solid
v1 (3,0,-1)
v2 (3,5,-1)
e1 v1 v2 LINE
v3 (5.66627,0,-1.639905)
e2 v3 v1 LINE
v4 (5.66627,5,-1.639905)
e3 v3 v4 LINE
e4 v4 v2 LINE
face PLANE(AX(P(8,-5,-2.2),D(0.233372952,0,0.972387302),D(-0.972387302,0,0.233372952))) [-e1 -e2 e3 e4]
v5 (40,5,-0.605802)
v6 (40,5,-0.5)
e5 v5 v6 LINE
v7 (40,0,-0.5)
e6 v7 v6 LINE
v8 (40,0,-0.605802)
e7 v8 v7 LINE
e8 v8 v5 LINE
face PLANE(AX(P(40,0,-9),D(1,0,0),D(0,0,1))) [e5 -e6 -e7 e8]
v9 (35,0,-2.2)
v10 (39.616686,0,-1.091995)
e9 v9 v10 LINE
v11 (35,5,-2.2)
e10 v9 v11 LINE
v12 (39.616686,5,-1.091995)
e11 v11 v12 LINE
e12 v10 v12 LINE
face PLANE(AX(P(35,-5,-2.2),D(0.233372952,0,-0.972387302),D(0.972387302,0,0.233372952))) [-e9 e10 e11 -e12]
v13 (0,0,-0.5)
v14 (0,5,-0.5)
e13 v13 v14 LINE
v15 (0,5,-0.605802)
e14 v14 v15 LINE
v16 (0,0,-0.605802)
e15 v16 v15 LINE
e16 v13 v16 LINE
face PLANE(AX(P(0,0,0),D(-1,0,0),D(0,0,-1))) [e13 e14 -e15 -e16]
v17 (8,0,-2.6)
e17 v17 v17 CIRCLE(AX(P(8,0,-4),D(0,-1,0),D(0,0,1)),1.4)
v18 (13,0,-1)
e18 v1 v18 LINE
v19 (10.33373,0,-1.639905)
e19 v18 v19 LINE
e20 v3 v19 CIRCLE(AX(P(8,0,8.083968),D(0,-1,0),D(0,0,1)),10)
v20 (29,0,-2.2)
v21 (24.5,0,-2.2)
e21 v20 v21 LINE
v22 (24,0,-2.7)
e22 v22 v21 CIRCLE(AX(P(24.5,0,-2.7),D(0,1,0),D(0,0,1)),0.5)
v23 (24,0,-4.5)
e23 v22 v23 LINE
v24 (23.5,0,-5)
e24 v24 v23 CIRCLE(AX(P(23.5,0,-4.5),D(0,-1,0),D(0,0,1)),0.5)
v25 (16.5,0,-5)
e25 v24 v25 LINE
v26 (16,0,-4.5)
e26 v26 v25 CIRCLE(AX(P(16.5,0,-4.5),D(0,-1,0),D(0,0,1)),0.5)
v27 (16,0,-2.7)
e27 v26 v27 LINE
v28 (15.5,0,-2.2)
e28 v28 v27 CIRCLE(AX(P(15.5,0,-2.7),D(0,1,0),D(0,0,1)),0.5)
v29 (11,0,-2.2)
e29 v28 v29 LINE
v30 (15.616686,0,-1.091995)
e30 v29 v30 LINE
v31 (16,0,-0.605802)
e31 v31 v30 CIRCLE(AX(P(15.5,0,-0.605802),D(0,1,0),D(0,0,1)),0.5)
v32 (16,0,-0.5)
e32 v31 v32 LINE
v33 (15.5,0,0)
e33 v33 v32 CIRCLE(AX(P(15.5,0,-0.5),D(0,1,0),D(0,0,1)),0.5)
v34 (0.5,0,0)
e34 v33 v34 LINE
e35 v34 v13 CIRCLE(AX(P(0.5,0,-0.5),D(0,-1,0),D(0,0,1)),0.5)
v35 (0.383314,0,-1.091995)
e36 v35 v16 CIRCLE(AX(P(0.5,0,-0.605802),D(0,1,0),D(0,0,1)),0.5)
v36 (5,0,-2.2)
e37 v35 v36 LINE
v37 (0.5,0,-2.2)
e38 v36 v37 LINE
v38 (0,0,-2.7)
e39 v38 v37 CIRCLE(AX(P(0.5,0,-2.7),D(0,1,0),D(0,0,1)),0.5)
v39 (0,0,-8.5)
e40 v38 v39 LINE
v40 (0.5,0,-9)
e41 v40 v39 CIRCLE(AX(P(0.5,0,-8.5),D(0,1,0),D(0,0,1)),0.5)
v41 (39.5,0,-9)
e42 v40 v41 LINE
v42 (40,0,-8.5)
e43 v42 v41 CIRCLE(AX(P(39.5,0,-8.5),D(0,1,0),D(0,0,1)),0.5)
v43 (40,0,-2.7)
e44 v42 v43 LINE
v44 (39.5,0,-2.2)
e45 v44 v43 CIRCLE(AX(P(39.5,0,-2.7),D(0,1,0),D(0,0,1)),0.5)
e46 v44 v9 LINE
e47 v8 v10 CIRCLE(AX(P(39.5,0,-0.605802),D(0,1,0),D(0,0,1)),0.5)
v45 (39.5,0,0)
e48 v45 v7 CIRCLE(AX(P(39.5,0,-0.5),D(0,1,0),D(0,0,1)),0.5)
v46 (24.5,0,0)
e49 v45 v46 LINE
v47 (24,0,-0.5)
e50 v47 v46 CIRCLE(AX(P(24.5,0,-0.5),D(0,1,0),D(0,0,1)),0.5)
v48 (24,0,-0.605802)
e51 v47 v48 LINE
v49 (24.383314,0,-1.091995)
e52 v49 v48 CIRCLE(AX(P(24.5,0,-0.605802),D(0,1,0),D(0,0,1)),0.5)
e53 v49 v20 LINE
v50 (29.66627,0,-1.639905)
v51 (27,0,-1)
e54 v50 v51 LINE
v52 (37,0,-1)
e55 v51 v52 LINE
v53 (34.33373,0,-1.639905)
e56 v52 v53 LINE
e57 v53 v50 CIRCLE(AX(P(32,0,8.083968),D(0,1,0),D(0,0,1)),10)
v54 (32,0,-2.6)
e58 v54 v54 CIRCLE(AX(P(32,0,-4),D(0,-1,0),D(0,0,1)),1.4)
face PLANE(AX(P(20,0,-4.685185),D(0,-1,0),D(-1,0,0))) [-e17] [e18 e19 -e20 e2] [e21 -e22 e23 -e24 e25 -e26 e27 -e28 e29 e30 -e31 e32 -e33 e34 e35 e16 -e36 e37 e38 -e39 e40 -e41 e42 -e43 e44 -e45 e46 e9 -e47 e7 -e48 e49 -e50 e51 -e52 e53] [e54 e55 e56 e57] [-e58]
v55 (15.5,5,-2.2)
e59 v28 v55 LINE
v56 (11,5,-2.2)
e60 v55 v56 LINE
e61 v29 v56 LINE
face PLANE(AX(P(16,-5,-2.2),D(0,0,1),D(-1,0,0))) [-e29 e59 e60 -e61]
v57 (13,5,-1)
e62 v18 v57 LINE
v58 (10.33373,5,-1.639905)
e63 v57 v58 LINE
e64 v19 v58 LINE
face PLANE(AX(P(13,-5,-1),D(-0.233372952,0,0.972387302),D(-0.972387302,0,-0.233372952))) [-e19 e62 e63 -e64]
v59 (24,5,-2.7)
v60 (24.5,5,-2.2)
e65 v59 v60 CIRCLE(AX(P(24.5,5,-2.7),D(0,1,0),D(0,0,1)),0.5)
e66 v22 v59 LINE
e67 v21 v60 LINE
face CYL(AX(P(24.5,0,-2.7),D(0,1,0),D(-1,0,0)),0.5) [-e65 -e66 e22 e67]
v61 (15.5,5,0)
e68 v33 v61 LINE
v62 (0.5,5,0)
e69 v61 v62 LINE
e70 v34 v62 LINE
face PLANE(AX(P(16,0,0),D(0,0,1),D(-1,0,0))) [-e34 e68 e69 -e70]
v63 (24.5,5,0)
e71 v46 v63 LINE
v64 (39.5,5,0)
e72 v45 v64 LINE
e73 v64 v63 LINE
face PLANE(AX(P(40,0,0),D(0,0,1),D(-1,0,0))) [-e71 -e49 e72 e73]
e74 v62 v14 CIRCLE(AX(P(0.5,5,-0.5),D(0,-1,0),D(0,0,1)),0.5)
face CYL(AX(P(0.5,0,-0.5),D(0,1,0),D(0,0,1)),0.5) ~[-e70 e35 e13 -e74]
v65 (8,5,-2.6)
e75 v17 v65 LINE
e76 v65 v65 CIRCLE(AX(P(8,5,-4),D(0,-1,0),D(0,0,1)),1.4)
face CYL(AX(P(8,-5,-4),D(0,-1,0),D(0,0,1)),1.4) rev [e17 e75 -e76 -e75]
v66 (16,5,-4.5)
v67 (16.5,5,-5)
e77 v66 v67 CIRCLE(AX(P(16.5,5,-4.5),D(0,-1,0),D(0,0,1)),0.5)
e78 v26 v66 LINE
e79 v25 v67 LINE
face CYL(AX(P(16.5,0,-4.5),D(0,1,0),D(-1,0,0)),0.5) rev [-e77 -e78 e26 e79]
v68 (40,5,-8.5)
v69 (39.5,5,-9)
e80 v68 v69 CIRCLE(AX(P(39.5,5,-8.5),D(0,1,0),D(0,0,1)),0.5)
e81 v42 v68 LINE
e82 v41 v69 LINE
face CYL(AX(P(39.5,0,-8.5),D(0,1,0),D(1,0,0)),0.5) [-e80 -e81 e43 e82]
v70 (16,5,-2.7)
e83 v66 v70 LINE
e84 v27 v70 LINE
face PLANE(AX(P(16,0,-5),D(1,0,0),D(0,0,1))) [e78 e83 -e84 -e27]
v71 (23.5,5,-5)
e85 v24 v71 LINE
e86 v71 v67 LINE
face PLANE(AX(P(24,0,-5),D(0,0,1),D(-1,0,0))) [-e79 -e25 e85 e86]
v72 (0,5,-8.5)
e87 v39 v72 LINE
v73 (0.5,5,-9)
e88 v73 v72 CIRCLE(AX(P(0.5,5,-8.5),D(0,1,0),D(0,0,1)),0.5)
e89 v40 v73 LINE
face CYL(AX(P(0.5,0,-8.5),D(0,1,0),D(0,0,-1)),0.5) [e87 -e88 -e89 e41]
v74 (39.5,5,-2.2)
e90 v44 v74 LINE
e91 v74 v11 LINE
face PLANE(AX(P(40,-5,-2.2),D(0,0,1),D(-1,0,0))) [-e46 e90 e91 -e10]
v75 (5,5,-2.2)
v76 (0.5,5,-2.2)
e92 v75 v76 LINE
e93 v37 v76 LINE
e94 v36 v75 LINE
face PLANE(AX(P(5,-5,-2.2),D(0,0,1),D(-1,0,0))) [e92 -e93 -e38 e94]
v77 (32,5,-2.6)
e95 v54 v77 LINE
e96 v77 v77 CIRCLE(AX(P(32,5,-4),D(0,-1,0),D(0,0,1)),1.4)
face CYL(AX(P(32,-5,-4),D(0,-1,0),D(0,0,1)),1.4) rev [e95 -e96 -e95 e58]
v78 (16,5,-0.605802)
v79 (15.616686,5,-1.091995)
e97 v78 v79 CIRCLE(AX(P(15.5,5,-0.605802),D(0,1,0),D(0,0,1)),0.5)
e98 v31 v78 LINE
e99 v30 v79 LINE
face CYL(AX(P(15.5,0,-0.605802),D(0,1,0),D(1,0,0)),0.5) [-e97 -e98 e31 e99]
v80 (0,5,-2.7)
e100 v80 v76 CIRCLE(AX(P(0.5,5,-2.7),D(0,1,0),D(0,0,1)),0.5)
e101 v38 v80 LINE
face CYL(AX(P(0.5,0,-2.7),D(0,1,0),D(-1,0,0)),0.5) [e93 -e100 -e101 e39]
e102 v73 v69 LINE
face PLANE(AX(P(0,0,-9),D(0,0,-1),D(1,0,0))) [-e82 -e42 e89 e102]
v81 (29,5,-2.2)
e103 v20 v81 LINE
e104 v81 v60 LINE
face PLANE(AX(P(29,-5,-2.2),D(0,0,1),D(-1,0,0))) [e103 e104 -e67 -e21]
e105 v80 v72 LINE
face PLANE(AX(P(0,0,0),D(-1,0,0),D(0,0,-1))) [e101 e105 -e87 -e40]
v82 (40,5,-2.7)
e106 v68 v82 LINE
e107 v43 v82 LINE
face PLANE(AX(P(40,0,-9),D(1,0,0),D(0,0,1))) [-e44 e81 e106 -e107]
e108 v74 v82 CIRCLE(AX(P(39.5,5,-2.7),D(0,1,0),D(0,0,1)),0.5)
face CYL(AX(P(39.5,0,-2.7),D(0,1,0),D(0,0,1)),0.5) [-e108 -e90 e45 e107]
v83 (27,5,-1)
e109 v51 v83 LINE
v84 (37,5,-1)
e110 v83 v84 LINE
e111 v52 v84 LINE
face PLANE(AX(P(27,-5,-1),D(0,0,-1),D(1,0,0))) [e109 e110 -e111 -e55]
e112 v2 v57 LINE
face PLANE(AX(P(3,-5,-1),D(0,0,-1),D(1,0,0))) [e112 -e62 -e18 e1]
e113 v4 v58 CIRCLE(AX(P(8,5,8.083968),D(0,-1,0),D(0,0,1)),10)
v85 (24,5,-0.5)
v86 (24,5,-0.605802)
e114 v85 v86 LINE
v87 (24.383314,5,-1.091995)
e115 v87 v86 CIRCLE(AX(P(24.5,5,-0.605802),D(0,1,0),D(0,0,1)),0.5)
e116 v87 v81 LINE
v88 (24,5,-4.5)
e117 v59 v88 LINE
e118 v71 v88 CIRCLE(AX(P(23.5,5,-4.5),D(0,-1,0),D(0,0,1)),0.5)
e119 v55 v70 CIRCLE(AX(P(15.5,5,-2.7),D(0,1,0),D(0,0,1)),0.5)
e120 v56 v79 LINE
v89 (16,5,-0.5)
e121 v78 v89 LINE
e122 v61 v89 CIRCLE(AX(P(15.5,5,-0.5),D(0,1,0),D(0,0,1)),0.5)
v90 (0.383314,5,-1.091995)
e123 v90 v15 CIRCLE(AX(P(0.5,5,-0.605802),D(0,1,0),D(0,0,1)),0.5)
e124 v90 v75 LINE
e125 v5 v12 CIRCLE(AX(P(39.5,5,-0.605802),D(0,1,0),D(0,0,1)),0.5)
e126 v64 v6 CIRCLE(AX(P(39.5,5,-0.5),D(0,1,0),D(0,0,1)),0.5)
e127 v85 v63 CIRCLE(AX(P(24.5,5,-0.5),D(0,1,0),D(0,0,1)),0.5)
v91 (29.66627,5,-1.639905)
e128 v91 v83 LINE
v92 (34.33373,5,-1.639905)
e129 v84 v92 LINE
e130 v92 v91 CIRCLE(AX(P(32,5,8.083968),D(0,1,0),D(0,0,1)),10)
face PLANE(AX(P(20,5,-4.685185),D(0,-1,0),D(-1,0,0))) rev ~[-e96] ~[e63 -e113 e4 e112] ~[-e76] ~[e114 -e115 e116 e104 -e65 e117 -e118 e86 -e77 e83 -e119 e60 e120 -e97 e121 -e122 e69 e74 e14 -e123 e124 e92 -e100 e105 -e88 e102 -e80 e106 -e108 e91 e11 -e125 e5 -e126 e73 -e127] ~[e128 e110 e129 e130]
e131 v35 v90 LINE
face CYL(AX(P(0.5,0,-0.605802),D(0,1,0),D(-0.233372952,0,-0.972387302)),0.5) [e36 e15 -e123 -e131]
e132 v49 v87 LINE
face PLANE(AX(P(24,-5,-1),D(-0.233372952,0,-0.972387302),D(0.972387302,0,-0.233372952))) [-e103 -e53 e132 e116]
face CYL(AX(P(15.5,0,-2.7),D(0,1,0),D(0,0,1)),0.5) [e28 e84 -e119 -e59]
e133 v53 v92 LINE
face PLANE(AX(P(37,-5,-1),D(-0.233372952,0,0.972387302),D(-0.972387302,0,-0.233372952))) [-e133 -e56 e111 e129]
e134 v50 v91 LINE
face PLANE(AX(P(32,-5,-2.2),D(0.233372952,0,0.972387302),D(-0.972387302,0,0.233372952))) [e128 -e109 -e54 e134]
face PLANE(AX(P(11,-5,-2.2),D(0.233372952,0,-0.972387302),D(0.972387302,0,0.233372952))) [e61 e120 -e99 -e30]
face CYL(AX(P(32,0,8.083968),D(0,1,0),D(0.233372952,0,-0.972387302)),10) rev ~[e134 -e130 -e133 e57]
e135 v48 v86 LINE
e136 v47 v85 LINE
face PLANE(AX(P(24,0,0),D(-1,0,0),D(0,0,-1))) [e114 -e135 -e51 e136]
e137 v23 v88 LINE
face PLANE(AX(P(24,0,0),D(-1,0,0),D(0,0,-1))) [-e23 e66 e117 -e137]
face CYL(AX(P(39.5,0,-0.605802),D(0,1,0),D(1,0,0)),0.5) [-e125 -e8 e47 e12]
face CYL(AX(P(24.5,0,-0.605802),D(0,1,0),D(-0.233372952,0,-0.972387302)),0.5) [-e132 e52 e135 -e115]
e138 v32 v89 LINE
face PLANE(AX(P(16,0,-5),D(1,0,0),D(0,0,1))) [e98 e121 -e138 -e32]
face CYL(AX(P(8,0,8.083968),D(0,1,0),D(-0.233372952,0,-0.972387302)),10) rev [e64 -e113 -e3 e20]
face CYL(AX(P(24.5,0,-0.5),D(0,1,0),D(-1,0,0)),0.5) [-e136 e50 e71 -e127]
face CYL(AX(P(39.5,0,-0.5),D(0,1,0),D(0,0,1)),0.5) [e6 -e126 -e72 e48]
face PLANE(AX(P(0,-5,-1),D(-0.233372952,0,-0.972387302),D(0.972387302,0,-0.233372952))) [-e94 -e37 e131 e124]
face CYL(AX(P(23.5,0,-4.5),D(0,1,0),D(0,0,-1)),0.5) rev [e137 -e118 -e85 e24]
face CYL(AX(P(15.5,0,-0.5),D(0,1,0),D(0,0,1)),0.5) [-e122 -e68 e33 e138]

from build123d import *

# Parameters (mm, degrees)
BOSS_EXTRUDE1_DEPTH     = 5
CUT_EXTRUDE1_DEPTH      = 5
CUT_EXTRUDE1_DEPTH_BACK = 10
SKETCH2_R               = 1.4
FILLET1_R               = 10
FILLET2_R               = 0.5


with BuildPart() as part:
    # Sketch1 → Boss-Extrude1 (new body)
    with BuildSketch(Plane(origin=(0, 0, 0), x_dir=(1, 0, 0), z_dir=(0, 1, 0))):
        Polygon((0, 0), (0, 9), (40, 9), (40, 0), (24, 0), (24, 5), (16, 5), (16, 0), align=None)
    extrude(amount=BOSS_EXTRUDE1_DEPTH)

    # Sketch2 → Cut-Extrude1 (cut, two sides: drawn at the far end of the back side and taken through both)
    with BuildSketch(Plane(origin=(0, 5, 0), x_dir=(1, 0, 0), z_dir=(0, 1, 0)).offset(-CUT_EXTRUDE1_DEPTH_BACK)):
        with Locations(Location((8, 4, 0), (0, 0, 270))):
            Circle(SKETCH2_R)
        with Locations(Location((32, 4, 0), (0, 0, 270))):
            Circle(SKETCH2_R)
        Polygon((5, 2.2), (0, 2.2), (0, 1), align=None)
        Polygon((13, 1), (8, 2.2), (3, 1), align=None)
        Polygon((16, 2.2), (11, 2.2), (16, 1), align=None)
        Polygon((24, 2.2), (24, 1), (29, 2.2), align=None)
        Polygon((32, 2.2), (27, 1), (37, 1), align=None)
        Polygon((40, 2.2), (35, 2.2), (40, 1), align=None)
    extrude(amount=CUT_EXTRUDE1_DEPTH + CUT_EXTRUDE1_DEPTH_BACK, mode=Mode.SUBTRACT)

    # Fillet1
    fillet1_edges = [part.edges().sort_by_distance(p)[0] for p in [
        (32, 2.5, -2.2),
        (8, 2.5, -2.2),
    ]]
    fillet(fillet1_edges, radius=FILLET1_R)

    # Fillet2
    fillet2_edges = [part.edges().sort_by_distance(p)[0] for p in [
        (0, 2.5, 0),
        (0, 2.5, -9),
        (40, 2.5, -9),
        (40, 2.5, 0),
        (24, 2.5, 0),
        (24, 2.5, -5),
        (16, 2.5, -5),
        (16, 2.5, 0),
        (0, 2.5, -1),
        (0, 2.5, -2.2),
        (16, 2.5, -2.2),
        (16, 2.5, -1),
        (24, 2.5, -2.2),
        (24, 2.5, -1),
        (40, 2.5, -2.2),
        (40, 2.5, -1),
    ]]
    fillet(fillet2_edges, radius=FILLET2_R)


solid = part.part
